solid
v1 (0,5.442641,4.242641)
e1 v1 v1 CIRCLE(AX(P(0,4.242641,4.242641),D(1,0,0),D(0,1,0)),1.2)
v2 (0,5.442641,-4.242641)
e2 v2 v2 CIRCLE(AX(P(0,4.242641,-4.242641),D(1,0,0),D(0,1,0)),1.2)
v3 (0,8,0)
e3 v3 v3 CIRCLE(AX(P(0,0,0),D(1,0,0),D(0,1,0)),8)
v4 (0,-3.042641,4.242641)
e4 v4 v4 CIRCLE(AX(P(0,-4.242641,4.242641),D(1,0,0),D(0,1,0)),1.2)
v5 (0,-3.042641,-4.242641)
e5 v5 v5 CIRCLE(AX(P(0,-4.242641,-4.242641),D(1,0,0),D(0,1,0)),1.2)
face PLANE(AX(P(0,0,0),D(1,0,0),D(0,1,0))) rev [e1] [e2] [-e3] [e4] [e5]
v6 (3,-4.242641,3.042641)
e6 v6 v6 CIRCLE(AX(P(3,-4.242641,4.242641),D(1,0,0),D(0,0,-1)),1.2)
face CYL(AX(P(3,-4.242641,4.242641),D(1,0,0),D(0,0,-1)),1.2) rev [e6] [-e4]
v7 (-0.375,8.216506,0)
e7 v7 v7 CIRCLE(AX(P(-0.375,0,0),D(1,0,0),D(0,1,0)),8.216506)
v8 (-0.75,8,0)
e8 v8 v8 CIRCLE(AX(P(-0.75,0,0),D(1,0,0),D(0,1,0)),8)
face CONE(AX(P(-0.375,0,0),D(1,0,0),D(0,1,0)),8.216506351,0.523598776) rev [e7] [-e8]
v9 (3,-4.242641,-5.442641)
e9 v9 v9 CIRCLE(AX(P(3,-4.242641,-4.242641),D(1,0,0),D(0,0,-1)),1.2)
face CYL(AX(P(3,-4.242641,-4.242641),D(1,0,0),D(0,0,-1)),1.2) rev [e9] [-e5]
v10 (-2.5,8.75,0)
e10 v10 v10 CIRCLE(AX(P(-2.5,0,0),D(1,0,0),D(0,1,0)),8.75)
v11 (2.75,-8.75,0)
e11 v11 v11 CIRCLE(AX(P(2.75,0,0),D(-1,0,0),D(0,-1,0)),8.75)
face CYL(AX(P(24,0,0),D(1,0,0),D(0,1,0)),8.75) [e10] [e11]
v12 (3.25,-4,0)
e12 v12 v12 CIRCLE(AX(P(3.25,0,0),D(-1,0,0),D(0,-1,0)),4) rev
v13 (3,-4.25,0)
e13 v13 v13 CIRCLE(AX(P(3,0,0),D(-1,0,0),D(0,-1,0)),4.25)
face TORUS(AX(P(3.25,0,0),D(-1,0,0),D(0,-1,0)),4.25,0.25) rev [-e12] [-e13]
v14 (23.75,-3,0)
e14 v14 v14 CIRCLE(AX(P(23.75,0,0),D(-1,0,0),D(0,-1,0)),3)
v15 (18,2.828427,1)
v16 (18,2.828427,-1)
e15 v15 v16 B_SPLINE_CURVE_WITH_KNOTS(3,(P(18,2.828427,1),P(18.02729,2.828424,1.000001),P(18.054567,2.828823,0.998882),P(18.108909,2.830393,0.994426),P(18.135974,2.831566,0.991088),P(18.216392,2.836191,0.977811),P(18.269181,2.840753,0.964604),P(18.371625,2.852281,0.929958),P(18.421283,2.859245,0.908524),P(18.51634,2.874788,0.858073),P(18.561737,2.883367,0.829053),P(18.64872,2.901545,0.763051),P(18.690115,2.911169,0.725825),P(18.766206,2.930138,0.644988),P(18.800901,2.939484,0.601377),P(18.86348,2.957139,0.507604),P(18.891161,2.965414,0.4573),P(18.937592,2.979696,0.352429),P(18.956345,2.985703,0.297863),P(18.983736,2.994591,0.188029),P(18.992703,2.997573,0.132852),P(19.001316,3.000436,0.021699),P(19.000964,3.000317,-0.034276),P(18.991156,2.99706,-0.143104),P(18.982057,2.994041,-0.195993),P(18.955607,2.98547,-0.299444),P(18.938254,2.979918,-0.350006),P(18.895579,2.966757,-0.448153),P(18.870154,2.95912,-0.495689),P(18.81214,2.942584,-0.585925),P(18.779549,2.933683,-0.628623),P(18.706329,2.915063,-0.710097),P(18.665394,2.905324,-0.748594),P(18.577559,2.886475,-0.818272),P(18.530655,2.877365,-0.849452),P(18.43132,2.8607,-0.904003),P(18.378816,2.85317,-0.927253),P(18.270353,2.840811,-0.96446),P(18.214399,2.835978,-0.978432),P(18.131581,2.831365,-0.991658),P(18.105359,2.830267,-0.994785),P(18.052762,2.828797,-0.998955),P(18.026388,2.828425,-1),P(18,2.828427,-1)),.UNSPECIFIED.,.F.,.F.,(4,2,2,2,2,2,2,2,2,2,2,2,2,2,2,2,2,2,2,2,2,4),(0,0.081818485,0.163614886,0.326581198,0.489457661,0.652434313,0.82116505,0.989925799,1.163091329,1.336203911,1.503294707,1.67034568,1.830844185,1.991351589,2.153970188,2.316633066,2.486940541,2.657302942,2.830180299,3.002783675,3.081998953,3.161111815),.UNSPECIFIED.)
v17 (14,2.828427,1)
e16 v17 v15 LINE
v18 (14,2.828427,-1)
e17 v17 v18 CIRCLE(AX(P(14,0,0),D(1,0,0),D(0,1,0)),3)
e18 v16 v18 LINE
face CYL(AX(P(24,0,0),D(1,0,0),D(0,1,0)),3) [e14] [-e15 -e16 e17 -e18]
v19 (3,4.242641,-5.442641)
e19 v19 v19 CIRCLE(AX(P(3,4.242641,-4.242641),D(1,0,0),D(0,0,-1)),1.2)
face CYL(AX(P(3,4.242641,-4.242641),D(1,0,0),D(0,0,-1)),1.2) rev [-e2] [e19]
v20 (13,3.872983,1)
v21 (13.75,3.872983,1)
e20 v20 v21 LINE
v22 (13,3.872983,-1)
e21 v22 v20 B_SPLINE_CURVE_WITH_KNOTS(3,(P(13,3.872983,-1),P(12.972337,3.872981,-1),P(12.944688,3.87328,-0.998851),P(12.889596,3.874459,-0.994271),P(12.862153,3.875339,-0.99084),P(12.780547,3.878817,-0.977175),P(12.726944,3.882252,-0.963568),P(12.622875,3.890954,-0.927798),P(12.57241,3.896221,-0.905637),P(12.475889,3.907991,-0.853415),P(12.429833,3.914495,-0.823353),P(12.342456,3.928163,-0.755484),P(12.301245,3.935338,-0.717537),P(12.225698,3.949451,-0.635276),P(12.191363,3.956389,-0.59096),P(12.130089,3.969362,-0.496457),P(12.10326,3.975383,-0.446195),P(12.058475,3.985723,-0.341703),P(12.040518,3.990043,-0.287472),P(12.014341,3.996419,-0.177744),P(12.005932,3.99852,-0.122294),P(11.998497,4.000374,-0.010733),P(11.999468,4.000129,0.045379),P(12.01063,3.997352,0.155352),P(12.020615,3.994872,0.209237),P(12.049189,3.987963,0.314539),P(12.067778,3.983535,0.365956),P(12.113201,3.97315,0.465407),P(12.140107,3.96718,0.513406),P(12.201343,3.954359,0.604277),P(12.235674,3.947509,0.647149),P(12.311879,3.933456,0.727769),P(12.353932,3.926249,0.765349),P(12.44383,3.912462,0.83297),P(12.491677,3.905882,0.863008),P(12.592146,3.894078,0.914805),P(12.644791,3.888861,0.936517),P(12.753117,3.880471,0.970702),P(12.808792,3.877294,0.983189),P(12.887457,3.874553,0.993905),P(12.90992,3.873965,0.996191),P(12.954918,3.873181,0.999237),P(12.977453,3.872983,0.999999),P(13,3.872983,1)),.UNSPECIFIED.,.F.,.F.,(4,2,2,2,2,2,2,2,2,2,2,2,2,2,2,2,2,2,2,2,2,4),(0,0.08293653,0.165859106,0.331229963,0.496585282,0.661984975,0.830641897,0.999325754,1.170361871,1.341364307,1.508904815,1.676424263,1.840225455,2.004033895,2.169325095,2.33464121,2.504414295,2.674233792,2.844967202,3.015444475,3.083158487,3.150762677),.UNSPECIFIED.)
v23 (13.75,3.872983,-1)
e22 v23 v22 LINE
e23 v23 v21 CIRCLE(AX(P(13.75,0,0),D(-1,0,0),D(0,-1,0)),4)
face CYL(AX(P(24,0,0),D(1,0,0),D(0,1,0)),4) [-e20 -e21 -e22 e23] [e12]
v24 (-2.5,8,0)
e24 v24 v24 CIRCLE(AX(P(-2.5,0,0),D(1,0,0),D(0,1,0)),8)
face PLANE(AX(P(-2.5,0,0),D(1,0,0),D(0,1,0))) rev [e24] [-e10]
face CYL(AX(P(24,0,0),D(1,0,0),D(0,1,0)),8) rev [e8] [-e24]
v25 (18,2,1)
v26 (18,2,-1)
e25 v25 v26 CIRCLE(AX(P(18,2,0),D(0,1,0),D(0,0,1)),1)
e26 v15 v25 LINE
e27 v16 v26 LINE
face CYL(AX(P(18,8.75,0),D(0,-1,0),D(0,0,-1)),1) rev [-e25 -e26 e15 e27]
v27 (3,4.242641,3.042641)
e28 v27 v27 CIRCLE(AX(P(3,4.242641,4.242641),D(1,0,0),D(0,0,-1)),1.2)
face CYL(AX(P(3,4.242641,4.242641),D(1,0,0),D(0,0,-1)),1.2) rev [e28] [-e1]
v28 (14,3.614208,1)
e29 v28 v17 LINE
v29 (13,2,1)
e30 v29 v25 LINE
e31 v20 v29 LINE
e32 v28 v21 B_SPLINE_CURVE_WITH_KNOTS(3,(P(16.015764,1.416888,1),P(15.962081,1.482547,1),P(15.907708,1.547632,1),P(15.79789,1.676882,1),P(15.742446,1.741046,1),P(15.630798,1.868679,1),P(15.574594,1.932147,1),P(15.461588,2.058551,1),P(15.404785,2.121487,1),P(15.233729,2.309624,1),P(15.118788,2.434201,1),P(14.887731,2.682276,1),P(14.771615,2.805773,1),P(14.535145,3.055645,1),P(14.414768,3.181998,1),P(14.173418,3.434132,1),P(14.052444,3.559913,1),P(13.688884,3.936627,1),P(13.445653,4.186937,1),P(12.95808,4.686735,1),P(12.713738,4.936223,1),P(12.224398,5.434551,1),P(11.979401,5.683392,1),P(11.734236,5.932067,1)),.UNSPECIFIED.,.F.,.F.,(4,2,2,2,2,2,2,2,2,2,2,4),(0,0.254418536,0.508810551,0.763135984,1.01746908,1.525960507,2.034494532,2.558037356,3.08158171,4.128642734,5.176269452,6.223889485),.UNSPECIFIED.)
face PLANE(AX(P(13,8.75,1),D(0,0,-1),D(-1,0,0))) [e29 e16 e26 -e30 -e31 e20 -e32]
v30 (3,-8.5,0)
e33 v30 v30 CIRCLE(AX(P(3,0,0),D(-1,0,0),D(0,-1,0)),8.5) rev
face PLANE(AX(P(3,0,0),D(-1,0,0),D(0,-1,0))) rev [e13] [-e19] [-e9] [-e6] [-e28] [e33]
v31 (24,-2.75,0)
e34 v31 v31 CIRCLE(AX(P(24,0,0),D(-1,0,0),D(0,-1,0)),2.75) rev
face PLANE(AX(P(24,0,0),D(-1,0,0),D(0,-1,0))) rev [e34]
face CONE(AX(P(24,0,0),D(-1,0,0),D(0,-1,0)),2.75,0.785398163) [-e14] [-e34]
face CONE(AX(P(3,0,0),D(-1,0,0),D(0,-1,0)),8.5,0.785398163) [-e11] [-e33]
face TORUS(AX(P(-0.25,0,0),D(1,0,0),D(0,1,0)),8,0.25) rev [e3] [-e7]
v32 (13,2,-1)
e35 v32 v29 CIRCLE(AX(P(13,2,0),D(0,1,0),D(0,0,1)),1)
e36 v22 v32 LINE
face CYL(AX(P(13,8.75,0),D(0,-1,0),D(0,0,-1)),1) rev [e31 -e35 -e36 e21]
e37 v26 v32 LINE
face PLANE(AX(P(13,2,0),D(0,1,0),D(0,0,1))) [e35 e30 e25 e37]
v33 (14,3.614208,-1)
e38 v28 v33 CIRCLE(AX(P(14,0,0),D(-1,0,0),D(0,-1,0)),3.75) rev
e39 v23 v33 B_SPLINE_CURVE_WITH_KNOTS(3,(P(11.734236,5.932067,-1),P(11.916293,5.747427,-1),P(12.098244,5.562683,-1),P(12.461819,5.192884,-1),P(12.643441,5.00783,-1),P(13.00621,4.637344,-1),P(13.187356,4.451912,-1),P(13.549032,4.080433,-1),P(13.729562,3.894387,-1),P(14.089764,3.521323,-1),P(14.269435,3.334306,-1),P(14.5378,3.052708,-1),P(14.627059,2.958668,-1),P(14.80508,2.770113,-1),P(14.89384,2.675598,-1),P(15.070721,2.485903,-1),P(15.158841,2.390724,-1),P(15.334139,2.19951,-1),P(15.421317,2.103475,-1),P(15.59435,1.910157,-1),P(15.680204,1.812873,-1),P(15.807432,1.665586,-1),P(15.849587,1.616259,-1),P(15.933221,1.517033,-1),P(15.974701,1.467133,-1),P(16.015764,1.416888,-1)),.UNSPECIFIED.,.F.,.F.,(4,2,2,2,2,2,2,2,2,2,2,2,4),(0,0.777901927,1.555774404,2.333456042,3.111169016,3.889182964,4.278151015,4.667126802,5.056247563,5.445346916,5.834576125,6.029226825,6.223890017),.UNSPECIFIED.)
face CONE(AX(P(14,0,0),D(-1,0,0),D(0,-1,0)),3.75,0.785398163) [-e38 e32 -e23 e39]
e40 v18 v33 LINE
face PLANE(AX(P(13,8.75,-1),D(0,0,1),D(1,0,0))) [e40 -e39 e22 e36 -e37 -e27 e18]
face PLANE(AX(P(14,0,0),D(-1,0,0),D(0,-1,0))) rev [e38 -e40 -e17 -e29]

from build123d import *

# Parameters (mm, degrees)
M2_CLEARANCE_HOLE2_D = 2.4
CHAMFER2_SIZE        = 0.25
CUT_EXTRUDE1_START   = 2
CUT_EXTRUDE1_DEPTH   = 26.002314716
FILLET1_R            = 0.25


with BuildPart() as part:
    # Sketch1 → Revolve1 (revolve)
    with BuildSketch(Plane.XY):
        with BuildLine():
            Line((0, 0), (0, 8))
            ThreePointArc((0, 8), (-0.125, 8.216506351), (-0.375, 8.216506351))
            Line((-0.375, 8.216506351), (-0.75, 8))
            Line((-0.75, 8), (-2.5, 8))
            Line((-2.5, 8), (-2.5, 8.75))
            Line((-2.5, 8.75), (3, 8.75))
            Line((3, 8.75), (3, 4))
            Line((3, 4), (14, 4))
            Line((14, 4), (14, 3))
            Line((14, 3), (24, 3))
            Line((24, 3), (24, 0))
            Line((24, 0), (0, 0))
        make_face()
    revolve(axis=Axis((24, 0, 0), (-1, 0, 0)))

    # M2 Clearance Hole2 (through all)
    with Locations(Plane(origin=(3, 0, 0), x_dir=(0, 0, -1), z_dir=(1, 0, 0))):
        with Locations((4.242640687, 4.242640687), (-4.242640687, 4.242640687), (4.242640687, -4.242640687), (-4.242640687, -4.242640687)):
            Hole(M2_CLEARANCE_HOLE2_D / 2)

    # Chamfer2
    chamfer2_edges = [part.edges().sort_by_distance(p)[0] for p in [
        (3, -8.75, 0),
        (14, -4, 0),
        (24, -3, 0),
    ]]
    chamfer(chamfer2_edges, length=CHAMFER2_SIZE)

    # Sketch5 → Cut-Extrude1 (cut, through all)
    with BuildSketch(Plane(origin=(0, 0, 0), x_dir=(1, 0, 0), z_dir=(0, 1, 0)).offset(CUT_EXTRUDE1_START)):
        with BuildLine():
            Line((13, 1), (18, 1))
            ThreePointArc((18, 1), (19, 0), (18, -1))
            Line((18, -1), (13, -1))
            ThreePointArc((13, -1), (12, 0), (13, 1))
        make_face()
    extrude(amount=CUT_EXTRUDE1_DEPTH, mode=Mode.SUBTRACT)

    # Fillet1
    fillet1_edges = [part.edges().sort_by_distance(p)[0] for p in [
        (3, -4, 0),
    ]]
    fillet(fillet1_edges, radius=FILLET1_R)


solid = part.part
